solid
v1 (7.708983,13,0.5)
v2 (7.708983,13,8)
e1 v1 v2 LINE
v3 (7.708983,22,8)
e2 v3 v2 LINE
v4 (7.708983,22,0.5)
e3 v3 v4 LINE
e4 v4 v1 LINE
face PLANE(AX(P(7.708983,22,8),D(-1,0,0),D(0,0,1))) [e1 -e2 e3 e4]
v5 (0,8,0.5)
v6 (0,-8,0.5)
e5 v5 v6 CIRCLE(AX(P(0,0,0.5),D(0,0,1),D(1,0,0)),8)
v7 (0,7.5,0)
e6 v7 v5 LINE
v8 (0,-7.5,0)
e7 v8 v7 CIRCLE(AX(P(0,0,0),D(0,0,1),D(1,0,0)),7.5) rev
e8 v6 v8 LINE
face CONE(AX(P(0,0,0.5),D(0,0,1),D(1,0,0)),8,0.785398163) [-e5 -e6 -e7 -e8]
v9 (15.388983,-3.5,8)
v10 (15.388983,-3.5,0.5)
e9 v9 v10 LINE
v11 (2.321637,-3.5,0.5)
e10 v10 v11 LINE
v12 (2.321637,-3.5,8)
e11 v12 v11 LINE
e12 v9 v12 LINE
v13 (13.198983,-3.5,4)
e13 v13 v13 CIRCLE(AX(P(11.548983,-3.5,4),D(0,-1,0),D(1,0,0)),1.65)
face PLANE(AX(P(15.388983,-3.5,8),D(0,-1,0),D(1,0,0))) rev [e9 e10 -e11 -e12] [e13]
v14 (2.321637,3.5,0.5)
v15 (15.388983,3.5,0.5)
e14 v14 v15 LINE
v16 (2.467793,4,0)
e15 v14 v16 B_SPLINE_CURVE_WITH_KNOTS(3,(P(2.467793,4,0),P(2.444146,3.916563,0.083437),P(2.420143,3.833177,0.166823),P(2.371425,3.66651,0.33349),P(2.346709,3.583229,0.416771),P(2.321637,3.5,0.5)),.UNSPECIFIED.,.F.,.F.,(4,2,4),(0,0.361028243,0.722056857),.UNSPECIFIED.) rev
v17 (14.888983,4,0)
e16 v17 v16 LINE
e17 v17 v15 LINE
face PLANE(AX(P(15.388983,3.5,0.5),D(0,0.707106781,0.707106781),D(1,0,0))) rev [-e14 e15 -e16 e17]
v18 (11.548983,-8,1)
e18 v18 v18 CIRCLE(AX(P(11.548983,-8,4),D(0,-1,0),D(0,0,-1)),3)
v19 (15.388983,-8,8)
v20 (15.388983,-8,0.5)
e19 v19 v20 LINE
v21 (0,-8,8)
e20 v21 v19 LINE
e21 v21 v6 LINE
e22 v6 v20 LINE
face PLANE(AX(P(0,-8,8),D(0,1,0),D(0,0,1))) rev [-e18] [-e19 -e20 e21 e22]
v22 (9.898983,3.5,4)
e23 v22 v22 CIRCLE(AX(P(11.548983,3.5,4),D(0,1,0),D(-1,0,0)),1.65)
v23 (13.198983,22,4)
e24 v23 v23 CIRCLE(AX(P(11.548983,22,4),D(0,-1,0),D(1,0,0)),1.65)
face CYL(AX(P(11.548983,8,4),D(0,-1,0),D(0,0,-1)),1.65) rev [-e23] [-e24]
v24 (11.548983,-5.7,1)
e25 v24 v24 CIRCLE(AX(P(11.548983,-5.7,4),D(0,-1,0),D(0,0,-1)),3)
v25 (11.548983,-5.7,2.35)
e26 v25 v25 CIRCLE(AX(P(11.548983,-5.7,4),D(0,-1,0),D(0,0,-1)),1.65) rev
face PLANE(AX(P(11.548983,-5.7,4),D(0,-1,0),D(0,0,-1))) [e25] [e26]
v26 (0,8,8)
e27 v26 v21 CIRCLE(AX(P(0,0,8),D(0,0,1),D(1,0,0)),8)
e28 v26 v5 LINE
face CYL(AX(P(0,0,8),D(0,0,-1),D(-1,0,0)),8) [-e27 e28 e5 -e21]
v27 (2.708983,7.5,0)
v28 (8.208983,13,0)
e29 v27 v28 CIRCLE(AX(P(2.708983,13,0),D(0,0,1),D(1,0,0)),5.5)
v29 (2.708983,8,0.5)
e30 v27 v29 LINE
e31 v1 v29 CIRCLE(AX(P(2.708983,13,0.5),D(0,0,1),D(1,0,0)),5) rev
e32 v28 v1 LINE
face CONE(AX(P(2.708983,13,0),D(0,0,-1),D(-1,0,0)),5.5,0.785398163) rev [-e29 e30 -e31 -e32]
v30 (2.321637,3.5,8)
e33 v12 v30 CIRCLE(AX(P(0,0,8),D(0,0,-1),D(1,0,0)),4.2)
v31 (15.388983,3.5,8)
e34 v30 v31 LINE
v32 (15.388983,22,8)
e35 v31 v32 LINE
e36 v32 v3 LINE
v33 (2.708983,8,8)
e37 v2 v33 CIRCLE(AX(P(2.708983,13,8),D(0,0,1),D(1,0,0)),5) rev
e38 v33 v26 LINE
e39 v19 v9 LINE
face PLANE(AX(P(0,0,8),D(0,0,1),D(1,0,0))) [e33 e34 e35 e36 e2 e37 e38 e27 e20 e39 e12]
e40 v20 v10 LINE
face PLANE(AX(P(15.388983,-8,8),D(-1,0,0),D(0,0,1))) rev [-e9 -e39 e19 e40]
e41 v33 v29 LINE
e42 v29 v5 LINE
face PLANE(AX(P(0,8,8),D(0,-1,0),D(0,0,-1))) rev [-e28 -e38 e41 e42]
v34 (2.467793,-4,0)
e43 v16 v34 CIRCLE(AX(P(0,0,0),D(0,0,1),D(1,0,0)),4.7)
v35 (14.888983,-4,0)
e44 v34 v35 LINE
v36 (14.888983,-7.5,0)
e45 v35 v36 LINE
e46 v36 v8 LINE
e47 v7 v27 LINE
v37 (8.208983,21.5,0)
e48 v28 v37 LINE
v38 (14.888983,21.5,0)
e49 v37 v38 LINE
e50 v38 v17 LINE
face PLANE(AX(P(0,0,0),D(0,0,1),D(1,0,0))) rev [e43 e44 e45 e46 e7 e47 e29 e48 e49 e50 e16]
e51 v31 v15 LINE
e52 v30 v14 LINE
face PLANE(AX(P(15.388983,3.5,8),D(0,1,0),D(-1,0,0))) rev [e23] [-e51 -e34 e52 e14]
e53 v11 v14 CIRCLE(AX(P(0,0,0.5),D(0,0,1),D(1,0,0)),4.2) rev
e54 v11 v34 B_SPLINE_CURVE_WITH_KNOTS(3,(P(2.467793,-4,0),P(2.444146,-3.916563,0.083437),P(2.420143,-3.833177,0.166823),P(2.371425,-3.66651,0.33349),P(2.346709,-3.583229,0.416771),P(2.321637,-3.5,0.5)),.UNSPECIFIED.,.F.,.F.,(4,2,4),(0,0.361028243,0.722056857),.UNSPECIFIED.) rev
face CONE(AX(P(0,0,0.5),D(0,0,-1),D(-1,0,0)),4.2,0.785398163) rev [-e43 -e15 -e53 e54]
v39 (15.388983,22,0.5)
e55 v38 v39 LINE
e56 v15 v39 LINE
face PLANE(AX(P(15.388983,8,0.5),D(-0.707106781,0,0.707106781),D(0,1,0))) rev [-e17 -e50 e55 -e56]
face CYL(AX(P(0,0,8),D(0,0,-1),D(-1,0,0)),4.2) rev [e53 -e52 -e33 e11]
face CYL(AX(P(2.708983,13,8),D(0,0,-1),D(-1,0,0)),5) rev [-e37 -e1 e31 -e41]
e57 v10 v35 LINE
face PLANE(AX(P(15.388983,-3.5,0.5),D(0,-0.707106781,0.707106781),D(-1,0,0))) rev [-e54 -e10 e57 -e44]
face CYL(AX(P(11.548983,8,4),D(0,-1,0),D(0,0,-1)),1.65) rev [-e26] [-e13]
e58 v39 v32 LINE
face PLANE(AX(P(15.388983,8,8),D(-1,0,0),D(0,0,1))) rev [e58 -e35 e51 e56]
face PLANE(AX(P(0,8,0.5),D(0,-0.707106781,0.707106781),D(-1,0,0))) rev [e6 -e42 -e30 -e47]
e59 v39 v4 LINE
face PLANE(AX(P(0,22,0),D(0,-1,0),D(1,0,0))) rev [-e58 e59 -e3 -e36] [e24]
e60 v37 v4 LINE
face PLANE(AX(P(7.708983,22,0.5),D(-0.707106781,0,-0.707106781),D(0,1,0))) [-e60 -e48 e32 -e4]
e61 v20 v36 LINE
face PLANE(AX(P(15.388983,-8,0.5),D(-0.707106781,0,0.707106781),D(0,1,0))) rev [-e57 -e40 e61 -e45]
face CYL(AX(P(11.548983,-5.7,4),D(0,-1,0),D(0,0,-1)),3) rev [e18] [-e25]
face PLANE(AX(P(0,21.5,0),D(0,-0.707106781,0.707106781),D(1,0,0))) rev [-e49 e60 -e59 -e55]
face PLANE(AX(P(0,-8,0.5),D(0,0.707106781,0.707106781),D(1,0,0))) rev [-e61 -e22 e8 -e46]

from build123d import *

# Parameters (mm, degrees)
BOSS_EXTRUDE1_DEPTH = 8
SKETCH2_R           = 1.65
CUT_EXTRUDE1_DEPTH  = 24.597050759
SKETCH3_R           = 3
CUT_EXTRUDE2_DEPTH  = 2.3
SKETCH4_W           = 7.68
SKETCH4_H           = 8
SKETCH4_R           = 1.65
BOSS_EXTRUDE2_DEPTH = 18.5
FILLET1_R           = 5
CHAMFER1_SIZE       = 0.5


with BuildPart() as part:
    # Sketch1 → Boss-Extrude1 (new body)
    with BuildSketch(Plane.XY):
        with BuildLine():
            Line((0, 8), (15.38898322, 8))
            Line((15.38898322, 8), (15.38898322, 3.5))
            Line((15.38898322, 3.5), (2.321637353, 3.5))
            ThreePointArc((2.321637353, 3.5), (-4.2, 0), (2.321637353, -3.5))
            Line((2.321637353, -3.5), (15.38898322, -3.5))
            Line((15.38898322, -3.5), (15.38898322, -8))
            Line((15.38898322, -8), (0, -8))
            ThreePointArc((0, -8), (-8, 0), (0, 8))
        make_face()
    extrude(amount=BOSS_EXTRUDE1_DEPTH)

    # Sketch2 → Cut-Extrude1 (cut, through all)
    with BuildSketch(Plane.XZ.offset(8)):
        with Locations(Location((11.54898322, 4, 0), (0, 0, 270))):
            Circle(SKETCH2_R)
    extrude(amount=-CUT_EXTRUDE1_DEPTH, mode=Mode.SUBTRACT)

    # Sketch3 → Cut-Extrude2 (cut)
    with BuildSketch(Plane.XZ.offset(8)):
        with Locations(Location((11.54898322, 4, 0), (0, 0, 270))):
            Circle(SKETCH3_R)
    extrude(amount=-CUT_EXTRUDE2_DEPTH, mode=Mode.SUBTRACT)

    # Sketch4 → Boss-Extrude2 (add)
    with BuildSketch(Plane.XZ.offset(-3.5)):
        with Locations((11.54898322, 4)):
            Rectangle(SKETCH4_W, SKETCH4_H)
        with Locations(Location((11.54898322, 4, 0), (0, 0, 270))):
            Circle(SKETCH4_R, mode=Mode.SUBTRACT)
    extrude(amount=-BOSS_EXTRUDE2_DEPTH)

    # Fillet1
    fillet1_edges = [part.edges().sort_by_distance(p)[0] for p in [
        (7.70898322, 8, 4),
    ]]
    fillet(fillet1_edges, radius=FILLET1_R)

    # Chamfer1
    chamfer1_edges = [part.edges().sort_by_distance(p)[0] for p in [
        (8.855310287, 3.5, 0),
        (-4.2, 0, 0),
        (11.54898322, 22, 0),
        (7.70898322, 17.5, 0),
        (1.35449161, 8, 0),
        (6.244517126, 9.464466094, 0),
        (8.855310287, -3.5, 0),
        (15.38898322, -5.75, 0),
        (7.69449161, -8, 0),
        (-8, 0, 0),
        (15.38898322, 12.75, 0),
    ]]
    chamfer(chamfer1_edges, length=CHAMFER1_SIZE)


solid = part.part
